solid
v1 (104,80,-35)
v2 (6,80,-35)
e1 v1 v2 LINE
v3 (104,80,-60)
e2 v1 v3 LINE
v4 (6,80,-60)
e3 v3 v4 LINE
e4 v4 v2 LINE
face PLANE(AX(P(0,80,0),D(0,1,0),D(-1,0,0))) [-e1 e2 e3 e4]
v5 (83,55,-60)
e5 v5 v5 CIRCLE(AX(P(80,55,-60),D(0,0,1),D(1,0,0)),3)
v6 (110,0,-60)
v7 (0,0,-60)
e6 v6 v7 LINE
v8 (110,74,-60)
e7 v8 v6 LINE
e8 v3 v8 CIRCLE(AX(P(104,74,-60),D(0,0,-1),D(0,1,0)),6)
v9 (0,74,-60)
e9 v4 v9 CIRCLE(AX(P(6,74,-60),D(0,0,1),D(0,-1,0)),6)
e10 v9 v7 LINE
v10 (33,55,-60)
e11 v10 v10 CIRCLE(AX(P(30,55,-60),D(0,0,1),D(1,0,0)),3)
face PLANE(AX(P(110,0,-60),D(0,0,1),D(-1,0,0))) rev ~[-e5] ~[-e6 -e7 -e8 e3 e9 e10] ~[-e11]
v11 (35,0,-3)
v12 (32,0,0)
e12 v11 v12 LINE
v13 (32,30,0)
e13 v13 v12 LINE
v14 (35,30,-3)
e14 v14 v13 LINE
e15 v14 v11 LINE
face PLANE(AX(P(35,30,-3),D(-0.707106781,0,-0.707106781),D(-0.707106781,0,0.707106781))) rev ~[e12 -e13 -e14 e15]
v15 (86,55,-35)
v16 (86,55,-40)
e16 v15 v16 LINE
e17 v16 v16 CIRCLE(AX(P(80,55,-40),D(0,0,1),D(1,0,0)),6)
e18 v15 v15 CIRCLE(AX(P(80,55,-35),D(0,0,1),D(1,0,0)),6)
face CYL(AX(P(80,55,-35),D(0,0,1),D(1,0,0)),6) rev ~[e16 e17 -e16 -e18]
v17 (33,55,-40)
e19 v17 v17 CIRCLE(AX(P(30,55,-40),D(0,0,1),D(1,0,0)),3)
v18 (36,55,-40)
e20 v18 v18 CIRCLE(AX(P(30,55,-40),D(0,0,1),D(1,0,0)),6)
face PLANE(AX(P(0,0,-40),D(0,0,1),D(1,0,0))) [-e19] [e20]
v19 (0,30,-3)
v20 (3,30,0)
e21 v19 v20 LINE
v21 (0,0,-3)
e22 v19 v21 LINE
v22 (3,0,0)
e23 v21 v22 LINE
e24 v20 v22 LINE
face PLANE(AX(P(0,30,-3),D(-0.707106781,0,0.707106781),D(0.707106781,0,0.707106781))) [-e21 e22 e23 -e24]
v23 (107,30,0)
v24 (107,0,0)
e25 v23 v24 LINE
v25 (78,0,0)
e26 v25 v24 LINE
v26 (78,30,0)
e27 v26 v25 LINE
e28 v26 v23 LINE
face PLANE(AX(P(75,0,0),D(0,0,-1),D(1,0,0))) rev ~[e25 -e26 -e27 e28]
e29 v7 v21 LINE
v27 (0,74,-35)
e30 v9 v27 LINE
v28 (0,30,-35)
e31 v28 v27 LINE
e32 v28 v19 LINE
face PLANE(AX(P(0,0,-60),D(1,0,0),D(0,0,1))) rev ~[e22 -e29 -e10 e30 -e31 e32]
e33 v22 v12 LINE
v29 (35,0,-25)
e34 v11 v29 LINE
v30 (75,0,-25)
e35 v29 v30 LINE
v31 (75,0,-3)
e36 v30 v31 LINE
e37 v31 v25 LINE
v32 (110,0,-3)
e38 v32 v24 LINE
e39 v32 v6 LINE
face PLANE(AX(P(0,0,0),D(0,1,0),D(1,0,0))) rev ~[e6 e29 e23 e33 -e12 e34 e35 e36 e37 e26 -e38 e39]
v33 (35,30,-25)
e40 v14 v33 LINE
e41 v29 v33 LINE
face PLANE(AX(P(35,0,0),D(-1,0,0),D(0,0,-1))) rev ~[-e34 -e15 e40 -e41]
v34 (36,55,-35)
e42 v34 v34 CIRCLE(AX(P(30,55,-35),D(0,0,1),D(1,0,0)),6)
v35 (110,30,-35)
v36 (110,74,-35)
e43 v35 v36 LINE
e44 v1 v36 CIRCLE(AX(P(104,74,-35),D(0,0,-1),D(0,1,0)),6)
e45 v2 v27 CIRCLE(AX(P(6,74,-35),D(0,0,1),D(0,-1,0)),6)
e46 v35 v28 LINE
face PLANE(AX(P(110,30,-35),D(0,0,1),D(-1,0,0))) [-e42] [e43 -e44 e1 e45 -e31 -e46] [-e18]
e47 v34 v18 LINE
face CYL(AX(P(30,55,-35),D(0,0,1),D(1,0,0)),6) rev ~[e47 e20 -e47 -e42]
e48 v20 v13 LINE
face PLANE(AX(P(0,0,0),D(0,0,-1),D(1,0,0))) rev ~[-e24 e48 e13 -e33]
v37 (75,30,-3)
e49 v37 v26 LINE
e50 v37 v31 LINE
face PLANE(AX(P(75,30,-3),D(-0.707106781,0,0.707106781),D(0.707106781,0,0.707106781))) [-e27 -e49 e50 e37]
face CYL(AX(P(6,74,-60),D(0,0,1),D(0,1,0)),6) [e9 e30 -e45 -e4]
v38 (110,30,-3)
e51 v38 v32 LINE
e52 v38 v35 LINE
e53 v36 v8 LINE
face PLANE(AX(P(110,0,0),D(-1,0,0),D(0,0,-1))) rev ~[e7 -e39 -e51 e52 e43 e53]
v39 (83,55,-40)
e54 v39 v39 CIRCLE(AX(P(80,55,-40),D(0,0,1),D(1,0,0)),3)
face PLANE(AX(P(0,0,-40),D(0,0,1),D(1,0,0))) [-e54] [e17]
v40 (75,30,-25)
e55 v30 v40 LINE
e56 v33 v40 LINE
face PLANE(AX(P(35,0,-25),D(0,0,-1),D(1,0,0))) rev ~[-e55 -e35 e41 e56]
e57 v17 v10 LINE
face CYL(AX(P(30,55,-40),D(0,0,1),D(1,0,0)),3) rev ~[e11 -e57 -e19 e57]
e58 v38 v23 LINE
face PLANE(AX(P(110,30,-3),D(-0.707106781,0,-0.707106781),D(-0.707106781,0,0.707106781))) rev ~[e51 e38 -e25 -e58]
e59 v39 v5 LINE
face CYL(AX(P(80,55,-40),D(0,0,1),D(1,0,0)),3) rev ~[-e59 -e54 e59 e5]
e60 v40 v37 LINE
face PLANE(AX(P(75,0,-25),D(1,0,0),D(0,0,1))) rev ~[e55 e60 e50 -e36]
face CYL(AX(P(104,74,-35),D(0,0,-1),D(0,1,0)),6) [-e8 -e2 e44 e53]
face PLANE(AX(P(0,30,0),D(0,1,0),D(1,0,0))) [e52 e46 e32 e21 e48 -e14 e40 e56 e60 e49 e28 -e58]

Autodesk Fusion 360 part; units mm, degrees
sketch "Sketch1" plane through (0, 0, 0) normal (0, 1, 0) x (1, 0, 0)
sketch "Sketch2" plane through (0, 0, 0) normal (0, 1, 0) x (1, 0, 0)
  line L0 (0, 0) -> (35, 0)
  line L1 (35, 0) -> (35, 25)
  line L2 (35, 25) -> (75, 25)
  line L3 (75, 25) -> (75, 0)
  line L4 (75, 0) -> (110, 0)
  line L5 (110, 0) -> (110, 60)
  line L6 (110, 60) -> (0, 60)
  line L7 (0, 60) -> (0, 0)
  line L8 (-35, -3) -> (-35, -25)
  line L9 (-35, -3) -> (-35, -25)
  dimension "d1" = 35
  dimension "d2" = 25
  dimension "d3" = 40
  dimension "d4" = 25
  dimension "d5" = 35
  dimension "d7" = 60
  dimension "d8" = 110
extrude "Extrude1" add sketch "Sketch2" along normal blind 30
sketch "Sketch3" plane through (0, 30, 0) normal (0, 1, 0) x (-1, 0, 0)
  line L0 (0, -60) -> (0, 0)
  line L1 (0, 0) -> (-35, 0)
  line L2 (-35, 0) -> (-35, -25)
  line L3 (-35, -25) -> (-75, -25)
  line L4 (-75, -25) -> (-75, 0)
  line L5 (-75, 0) -> (-110, 0)
  line L6 (-110, 0) -> (-110, -60)
  line L7 (-110, -60) -> (0, -60)
  line L8 (0, -60) -> (-110, -60)
  line L9 (-110, -60) -> (-110, -35)
  line L10 (-110, -35) -> (0, -35)
  line L11 (0, -35) -> (0, -60)
  dimension "d11" = 25
extrude "Extrude2" add sketch "Sketch3" along normal blind 50 contours L0 L6 L7 L8 L9 L10 L11
sketch "Sketch4" plane through (0, 0, -35) normal (0, 0, 1) x (1, 0, 0)
  line L0 (0, 30) -> (110, 30)
  line L1 (110, 30) -> (110, 80)
  line L2 (110, 80) -> (0, 80)
  line L3 (0, 80) -> (0, 30)
  circle A0 centre (30, 55) radius 6
  circle A1 centre (80, 55) radius 6
extrude "Extrude3" cut sketch "Sketch4" against normal blind 5 contours A0 | A1
sketch "Sketch5" plane through (0, 0, -40) normal (0, 0, 1) x (1, 0, 0)
  circle A0 centre (30, 55) radius 6
  circle A1 centre (30, 55) radius 3
  dimension "d21" = 6
sketch "Sketch6" plane through (0, 0, -40) normal (0, 0, 1) x (1, 0, 0)
  circle A0 centre (80, 55) radius 6
  circle A1 centre (80, 55) radius 3
  dimension "d22" = 6
extrude "Extrude4" cut sketch "Sketch5" sketch "Sketch6" against normal blind 50 contours A1 of sketch 2 contours A1
sketch "Sketch7" plane through (0, 0, -35) normal (0, 0, 1) x (1, 0, 0)
  circle A0 centre (80, 55) radius 6
  circle A1 centre (30, 55) radius 6
  line L0 (0, 30) -> (110, 30)
  line L1 (110, 30) -> (110, 80)
  line L2 (110, 80) -> (0, 80)
  line L3 (0, 80) -> (0, 30)
fillet "Fillet2" radius 6 1 edges at (110, 80, -47.5)
fillet "Fillet3" radius 6 1 edges at (0, 80, -47.5)
sketch "Sketch8" plane through (0, 30, 0) normal (0, 1, 0) x (-1, 0, 0)
  line L0 (-110, -35) -> (0, -35)
  line L1 (0, -35) -> (0, 0)
  line L2 (0, 0) -> (-35, 0)
  line L3 (-35, 0) -> (-35, -25)
  line L4 (-35, -25) -> (-75, -25)
  line L5 (-75, -25) -> (-75, 0)
  line L6 (-75, 0) -> (-110, 0)
  line L7 (-110, 0) -> (-110, -35)
  line L8 (0, 0) -> (0, -3) construction
  line L9 (0, -3) -> (-3, 0)
  line L10 (0, -3) -> (-4.2426, -3) construction
  line L11 (0, 0) -> (0, -3)
  line L12 (-17.5, 0) -> (-17.5, -4.7879) construction
  line L13 (-35, -3) -> (-32, 0)
  line L14 (-35, 0) -> (-35, -3)
  line L15 (-35, 0) -> (-35, -3) construction
  point P0 (-35, 0)
  point P1 (-35, 0)
  dimension "d28" = 3
  dimension "d29" = 45
extrude "Extrude5" cut sketch "Sketch8" against normal blind 30 contours L1 L2 L9 L11 | L2 L3 L13 L14
sketch "Sketch10" plane through (0, 30, 0) normal (0, 1, 0) x (-1, 0, 0)
  line L0 (-32, 0) -> (-35, -3)
  line L1 (-35, -3) -> (-35, -25)
  line L2 (-35, -25) -> (-75, -25)
  line L3 (-75, -25) -> (-75, 0)
  line L4 (-75, 0) -> (-110, 0)
  line L5 (-110, 0) -> (-110, -35)
  line L6 (-110, -35) -> (0, -35)
  line L7 (0, -35) -> (0, -3)
  line L8 (0, -3) -> (-3, 0)
  line L9 (-3, 0) -> (-32, 0)
  line L10 (-110, 0) -> (-110, -3) construction
  line L11 (-110, -3) -> (-107, 0)
  line L12 (-110, -3) -> (-105.7574, -3) construction
  line L13 (-92.5, 0) -> (-92.5, -2.9277) construction
  line L14 (-75, -3) -> (-78, 0)
  line L15 (-75, 0) -> (-75, -3) construction
  line L16 (-75, -3) -> (-79.2426, -3) construction
  point P0 (-75, 0)
  dimension "d32" = 3
  dimension "d33" = 45
extrude "Extrude6" cut sketch "Sketch10" against normal blind 30 contours L3 L4 L14 | L4 L5 L11
sketch "Sketch9" plane through (0, 30, 0) normal (0, 1, 0) x (-1, 0, 0)
  line L0 (-32, 0) -> (-35, -3)
  line L1 (-35, -3) -> (-35, -25)
  line L2 (-35, -25) -> (-75, -25)
  line L3 (-75, -25) -> (-75, 0)
  line L4 (-75, 0) -> (-110, 0)
  line L5 (-110, 0) -> (-110, -35)
  line L6 (-110, -35) -> (0, -35)
  line L7 (0, -35) -> (0, -3)
  line L8 (0, -3) -> (-3, 0)
  line L9 (-3, 0) -> (-32, 0)
  line L10 (-55, -25) -> (-55, -31.6762) construction
fillet "Fillet1" [suppressed]
